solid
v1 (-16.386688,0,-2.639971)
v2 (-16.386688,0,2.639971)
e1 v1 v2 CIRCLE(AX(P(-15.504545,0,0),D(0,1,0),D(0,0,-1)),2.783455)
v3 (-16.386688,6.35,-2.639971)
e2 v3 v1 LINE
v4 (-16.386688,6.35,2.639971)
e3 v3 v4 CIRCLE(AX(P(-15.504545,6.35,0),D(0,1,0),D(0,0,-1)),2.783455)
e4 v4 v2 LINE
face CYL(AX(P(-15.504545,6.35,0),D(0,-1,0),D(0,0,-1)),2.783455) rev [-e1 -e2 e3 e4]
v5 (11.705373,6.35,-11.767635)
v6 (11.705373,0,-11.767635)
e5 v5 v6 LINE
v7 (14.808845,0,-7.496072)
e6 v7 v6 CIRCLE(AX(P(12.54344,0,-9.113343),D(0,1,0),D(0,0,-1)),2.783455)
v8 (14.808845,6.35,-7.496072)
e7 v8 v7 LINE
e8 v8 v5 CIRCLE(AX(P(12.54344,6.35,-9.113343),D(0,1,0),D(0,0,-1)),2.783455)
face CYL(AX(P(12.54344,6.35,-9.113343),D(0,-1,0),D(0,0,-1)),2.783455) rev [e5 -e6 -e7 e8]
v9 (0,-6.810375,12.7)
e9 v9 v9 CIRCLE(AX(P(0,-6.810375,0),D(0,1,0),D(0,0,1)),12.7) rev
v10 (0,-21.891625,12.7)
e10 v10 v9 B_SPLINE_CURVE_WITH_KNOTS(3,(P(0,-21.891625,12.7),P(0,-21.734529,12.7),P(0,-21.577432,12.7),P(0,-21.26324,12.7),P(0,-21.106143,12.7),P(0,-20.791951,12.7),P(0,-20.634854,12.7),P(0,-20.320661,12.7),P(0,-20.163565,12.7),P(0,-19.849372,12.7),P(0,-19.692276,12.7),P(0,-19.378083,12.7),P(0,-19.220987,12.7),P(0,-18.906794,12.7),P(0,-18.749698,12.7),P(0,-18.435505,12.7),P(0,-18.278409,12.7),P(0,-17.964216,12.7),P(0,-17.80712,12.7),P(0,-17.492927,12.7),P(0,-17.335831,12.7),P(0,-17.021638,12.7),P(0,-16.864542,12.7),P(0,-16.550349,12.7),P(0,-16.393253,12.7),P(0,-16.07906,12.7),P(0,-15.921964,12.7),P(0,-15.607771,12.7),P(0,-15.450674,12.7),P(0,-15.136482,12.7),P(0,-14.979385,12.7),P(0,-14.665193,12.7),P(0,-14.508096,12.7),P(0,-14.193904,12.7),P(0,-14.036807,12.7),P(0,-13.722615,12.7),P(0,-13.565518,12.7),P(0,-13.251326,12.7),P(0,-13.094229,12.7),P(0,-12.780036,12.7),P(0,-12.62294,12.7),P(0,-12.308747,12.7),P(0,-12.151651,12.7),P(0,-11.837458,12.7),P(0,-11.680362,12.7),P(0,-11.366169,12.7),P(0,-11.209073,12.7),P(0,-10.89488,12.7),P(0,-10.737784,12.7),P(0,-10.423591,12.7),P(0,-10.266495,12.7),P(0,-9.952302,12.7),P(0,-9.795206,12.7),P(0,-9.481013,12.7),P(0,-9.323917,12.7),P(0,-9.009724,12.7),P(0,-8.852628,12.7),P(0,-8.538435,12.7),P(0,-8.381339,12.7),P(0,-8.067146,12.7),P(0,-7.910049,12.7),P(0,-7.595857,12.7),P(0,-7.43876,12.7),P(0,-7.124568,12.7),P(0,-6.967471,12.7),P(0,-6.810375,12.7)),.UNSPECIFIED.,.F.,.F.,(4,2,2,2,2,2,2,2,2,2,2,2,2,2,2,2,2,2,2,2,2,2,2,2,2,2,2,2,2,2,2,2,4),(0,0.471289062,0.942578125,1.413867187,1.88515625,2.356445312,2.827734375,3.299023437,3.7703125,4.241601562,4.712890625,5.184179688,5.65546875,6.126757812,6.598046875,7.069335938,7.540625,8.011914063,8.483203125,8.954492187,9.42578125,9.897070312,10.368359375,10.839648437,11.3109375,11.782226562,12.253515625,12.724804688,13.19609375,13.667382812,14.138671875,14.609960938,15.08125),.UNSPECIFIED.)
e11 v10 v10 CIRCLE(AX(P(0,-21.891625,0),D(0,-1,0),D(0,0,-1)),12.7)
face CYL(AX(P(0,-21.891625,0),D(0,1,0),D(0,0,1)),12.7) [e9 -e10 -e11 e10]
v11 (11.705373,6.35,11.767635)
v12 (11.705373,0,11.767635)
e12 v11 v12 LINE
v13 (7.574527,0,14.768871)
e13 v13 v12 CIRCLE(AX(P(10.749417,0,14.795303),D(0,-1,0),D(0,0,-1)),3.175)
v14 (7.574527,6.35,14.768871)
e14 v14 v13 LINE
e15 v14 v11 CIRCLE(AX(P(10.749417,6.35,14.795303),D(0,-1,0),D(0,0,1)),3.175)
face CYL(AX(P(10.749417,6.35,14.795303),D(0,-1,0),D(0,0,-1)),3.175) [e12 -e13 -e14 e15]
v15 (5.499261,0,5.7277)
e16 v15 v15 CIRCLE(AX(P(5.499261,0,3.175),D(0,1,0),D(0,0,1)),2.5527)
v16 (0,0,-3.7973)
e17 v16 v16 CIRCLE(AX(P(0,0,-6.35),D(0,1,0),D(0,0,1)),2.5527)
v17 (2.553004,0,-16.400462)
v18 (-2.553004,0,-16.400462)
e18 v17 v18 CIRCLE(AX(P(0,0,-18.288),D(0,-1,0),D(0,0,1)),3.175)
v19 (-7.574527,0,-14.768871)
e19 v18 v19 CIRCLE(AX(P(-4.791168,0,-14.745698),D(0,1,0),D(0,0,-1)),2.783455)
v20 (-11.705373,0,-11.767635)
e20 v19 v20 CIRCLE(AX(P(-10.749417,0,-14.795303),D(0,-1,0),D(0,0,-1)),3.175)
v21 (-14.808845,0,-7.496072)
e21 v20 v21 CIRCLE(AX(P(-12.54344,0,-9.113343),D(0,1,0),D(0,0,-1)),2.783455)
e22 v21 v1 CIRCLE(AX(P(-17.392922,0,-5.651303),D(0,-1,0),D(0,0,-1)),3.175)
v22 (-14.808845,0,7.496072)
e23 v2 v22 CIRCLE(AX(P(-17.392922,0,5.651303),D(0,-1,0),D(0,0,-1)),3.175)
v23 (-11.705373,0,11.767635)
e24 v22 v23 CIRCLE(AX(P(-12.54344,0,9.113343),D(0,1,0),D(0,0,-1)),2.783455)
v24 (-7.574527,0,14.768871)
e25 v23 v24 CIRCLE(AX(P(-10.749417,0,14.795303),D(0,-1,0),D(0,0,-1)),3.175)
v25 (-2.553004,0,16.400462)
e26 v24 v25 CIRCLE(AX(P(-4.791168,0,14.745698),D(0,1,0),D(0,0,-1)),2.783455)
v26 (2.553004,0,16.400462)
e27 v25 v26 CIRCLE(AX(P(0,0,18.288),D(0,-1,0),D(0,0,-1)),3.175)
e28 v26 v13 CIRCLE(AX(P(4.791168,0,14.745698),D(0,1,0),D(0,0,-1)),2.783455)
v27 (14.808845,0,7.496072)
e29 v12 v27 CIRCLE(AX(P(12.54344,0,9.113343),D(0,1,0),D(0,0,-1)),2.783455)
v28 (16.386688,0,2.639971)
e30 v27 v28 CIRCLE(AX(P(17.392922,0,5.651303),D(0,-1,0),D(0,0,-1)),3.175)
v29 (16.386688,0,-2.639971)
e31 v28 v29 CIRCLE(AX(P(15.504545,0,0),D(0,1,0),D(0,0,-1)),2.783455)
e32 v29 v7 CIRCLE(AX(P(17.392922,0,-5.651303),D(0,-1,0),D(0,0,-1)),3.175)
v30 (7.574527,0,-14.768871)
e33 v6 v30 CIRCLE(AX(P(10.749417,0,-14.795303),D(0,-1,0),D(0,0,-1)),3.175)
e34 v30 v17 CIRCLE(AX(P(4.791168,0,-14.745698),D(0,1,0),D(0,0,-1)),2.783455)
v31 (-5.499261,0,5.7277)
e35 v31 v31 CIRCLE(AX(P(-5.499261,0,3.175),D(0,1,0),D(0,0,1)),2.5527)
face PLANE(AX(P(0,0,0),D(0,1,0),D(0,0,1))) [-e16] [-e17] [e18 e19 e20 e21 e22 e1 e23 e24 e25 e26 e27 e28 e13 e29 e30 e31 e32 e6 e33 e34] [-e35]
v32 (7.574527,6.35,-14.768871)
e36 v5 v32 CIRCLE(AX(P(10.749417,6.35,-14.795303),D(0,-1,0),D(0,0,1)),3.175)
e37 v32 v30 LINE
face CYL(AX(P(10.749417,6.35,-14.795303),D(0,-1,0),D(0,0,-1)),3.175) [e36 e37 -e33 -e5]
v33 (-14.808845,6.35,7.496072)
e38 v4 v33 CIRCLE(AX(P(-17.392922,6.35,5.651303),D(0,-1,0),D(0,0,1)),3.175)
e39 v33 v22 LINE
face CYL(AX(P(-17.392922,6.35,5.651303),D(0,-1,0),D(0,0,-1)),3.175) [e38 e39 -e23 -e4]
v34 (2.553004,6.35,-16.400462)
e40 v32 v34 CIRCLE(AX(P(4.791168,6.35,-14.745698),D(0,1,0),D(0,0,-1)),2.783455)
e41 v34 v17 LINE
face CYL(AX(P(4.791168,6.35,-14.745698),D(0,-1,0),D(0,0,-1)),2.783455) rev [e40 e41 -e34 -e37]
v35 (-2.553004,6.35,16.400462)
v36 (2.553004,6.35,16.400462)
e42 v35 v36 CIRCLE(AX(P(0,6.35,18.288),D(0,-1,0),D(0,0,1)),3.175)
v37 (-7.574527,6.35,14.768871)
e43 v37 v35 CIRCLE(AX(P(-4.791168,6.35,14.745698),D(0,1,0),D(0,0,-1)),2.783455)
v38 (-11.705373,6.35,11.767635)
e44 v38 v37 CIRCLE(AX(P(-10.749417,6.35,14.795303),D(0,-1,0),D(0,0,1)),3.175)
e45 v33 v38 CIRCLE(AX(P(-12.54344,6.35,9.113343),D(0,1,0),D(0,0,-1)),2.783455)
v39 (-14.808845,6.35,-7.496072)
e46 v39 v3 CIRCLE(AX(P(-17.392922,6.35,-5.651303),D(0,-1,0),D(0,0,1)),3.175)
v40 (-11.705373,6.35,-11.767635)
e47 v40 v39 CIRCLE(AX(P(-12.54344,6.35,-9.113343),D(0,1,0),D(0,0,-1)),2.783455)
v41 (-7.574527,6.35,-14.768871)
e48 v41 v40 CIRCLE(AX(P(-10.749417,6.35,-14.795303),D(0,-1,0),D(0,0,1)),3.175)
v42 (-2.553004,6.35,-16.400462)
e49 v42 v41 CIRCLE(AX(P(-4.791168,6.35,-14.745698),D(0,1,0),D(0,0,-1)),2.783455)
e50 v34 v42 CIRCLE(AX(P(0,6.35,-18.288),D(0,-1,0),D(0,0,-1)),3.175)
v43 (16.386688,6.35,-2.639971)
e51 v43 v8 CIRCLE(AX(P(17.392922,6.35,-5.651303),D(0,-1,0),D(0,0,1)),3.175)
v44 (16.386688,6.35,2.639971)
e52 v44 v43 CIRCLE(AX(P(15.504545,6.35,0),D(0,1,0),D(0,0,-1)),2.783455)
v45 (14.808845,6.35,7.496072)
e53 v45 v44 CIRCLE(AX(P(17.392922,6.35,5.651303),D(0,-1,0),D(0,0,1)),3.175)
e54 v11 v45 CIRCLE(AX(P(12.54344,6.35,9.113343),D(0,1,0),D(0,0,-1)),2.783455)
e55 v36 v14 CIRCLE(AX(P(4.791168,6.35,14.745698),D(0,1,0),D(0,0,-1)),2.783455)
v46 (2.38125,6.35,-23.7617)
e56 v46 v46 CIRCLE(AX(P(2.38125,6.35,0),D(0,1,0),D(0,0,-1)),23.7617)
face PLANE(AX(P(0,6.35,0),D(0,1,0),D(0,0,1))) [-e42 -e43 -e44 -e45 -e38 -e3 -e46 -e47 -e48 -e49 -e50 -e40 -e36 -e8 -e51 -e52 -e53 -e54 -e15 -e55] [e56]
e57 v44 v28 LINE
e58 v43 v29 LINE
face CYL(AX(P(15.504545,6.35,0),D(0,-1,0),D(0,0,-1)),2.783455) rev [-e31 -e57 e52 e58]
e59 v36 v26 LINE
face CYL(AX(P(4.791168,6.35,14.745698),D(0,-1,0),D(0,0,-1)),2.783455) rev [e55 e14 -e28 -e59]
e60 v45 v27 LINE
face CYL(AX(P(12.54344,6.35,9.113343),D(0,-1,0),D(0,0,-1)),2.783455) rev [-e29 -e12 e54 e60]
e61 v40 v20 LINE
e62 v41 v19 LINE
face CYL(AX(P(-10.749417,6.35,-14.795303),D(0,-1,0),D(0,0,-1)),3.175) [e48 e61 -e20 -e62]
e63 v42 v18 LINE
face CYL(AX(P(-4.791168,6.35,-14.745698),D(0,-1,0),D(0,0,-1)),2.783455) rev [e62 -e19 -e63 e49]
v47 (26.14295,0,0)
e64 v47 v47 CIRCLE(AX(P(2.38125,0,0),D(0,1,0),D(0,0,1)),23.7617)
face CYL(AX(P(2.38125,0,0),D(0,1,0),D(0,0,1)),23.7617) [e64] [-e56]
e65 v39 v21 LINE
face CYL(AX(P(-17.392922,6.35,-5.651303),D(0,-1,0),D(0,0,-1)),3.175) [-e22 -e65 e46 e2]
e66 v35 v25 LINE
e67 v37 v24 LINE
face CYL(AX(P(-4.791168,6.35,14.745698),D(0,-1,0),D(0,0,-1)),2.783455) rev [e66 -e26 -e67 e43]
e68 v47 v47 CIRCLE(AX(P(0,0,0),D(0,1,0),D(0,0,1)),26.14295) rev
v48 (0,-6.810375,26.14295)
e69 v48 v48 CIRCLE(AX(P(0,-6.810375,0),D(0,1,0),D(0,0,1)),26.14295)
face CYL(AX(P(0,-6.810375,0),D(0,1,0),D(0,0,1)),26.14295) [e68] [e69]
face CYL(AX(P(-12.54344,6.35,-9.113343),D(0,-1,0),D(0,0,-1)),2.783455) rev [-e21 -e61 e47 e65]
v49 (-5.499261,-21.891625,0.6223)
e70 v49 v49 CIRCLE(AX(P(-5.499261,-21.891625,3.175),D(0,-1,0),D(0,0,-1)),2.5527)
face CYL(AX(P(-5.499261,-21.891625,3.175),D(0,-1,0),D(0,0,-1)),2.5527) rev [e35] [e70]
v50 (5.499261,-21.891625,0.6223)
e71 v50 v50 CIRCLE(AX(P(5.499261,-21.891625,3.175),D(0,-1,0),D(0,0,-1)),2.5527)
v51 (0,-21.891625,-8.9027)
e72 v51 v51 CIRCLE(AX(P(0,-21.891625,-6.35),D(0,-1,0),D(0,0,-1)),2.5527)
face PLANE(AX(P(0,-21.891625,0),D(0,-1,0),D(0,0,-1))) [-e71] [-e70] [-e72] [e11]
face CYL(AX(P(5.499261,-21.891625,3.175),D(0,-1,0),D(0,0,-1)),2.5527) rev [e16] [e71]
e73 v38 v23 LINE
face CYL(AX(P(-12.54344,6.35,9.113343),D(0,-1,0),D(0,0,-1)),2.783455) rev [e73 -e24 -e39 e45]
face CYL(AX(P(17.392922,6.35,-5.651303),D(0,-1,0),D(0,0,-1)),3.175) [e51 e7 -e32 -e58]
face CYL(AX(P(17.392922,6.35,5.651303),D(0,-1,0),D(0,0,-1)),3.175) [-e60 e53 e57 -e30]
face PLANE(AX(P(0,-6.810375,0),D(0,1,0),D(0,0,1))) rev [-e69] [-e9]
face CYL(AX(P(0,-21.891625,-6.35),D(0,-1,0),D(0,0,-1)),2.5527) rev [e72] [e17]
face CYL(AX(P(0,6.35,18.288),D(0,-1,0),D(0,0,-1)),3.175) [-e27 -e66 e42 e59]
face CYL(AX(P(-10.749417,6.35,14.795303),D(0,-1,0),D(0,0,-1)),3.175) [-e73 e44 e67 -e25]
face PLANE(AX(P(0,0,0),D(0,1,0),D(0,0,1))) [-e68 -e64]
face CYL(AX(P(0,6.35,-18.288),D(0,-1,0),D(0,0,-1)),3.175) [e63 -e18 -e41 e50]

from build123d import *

# Parameters (mm, degrees)
SKETCH1_R               = 26.14295
BOSS_EXTRUDE1_DEPTH     = 6.810375
SKETCH2_R               = 12.7
BOSS_EXTRUDE2_DEPTH     = 15.08125
BOSS_EXTRUDE3_START     = 6.35
SKETCH3_R               = 26.14295
BOSS_EXTRUDE3_DEPTH     = 6.35
F_1_4_20_TAPPED_HOLE1_D = 5.1054
SKETCH6_W               = 66.50359939
SKETCH6_H               = 67.616646228
CUT_EXTRUDE2_DEPTH      = 6.35


with BuildPart() as part:
    # Sketch1 → Boss-Extrude1 (new body)
    with BuildSketch(Plane(origin=(0, 0, 0), x_dir=(1, 0, 0), z_dir=(0, 1, 0))):
        with Locations(Location((0, 0, 0), (0, 0, 270))):
            Circle(SKETCH1_R)
    extrude(amount=-BOSS_EXTRUDE1_DEPTH)

    # Sketch2 → Boss-Extrude2 (add)
    with BuildSketch(Plane.XZ.offset(6.810375)):
        with Locations(Location((0, 0, 0), (0, 0, 90))):
            Circle(SKETCH2_R)
    extrude(amount=BOSS_EXTRUDE2_DEPTH)

    # Sketch3 → Boss-Extrude3 (add)
    with BuildSketch(Plane(origin=(0, 0, 0), x_dir=(1, 0, 0), z_dir=(0, 1, 0)).offset(BOSS_EXTRUDE3_START)):
        with Locations(Location((0, 0, 0), (0, 0, 270))):
            Circle(SKETCH3_R)
        with BuildLine():
            ThreePointArc((2.553003524, 16.40046245), (5.651302793, 17.39292157), (7.574526721, 14.768870658))
            ThreePointArc((7.574526721, 14.768870658), (7.926495509, 13.34211974), (8.883198518, 12.226673836))
            ThreePointArc((8.883198518, 12.226673836), (10.239688102, 11.661486946), (11.705373197, 11.767635017))
            ThreePointArc((11.705373197, 11.767635017), (14.795302793, 10.749416694), (14.808845207, 7.496072251))
            ThreePointArc((14.808845207, 7.496072251), (14.25497079, 6.134924448), (14.373317131, 4.670173836))
            ThreePointArc((14.373317131, 4.670173836), (15.138531738, 3.415603465), (16.386688159, 2.639970974))
            ThreePointArc((16.386688159, 2.639970974), (18.288, 0), (16.386688159, -2.639970974))
            ThreePointArc((16.386688159, -2.639970974), (15.138531738, -3.415603465), (14.373317131, -4.670173836))
            ThreePointArc((14.373317131, -4.670173836), (14.25497079, -6.134924448), (14.808845207, -7.496072251))
            ThreePointArc((14.808845207, -7.496072251), (14.795302793, -10.749416694), (11.705373197, -11.767635017))
            ThreePointArc((11.705373197, -11.767635017), (10.239688102, -11.661486946), (8.883198518, -12.226673836))
            ThreePointArc((8.883198518, -12.226673836), (7.926495509, -13.34211974), (7.574526721, -14.768870658))
            ThreePointArc((7.574526721, -14.768870658), (5.651302793, -17.39292157), (2.553003524, -16.40046245))
            ThreePointArc((2.553003524, -16.40046245), (1.429631644, -15.453078773), (0, -15.113))
            ThreePointArc((0, -15.113), (-1.429631644, -15.453078773), (-2.553003524, -16.40046245))
            ThreePointArc((-2.553003524, -16.40046245), (-5.651302793, -17.39292157), (-7.574526721, -14.768870658))
            ThreePointArc((-7.574526721, -14.768870658), (-7.926495509, -13.34211974), (-8.883198518, -12.226673836))
            ThreePointArc((-8.883198518, -12.226673836), (-10.239688102, -11.661486946), (-11.705373197, -11.767635017))
            ThreePointArc((-11.705373197, -11.767635017), (-14.795302793, -10.749416694), (-14.808845207, -7.496072251))
            ThreePointArc((-14.808845207, -7.496072251), (-14.25497079, -6.134924448), (-14.373317131, -4.670173836))
            ThreePointArc((-14.373317131, -4.670173836), (-15.138531738, -3.415603465), (-16.386688159, -2.639970974))
            ThreePointArc((-16.386688159, -2.639970974), (-18.288, 0), (-16.386688159, 2.639970974))
            ThreePointArc((-16.386688159, 2.639970974), (-15.138531738, 3.415603465), (-14.373317131, 4.670173836))
            ThreePointArc((-14.373317131, 4.670173836), (-14.25497079, 6.134924448), (-14.808845207, 7.496072251))
            ThreePointArc((-14.808845207, 7.496072251), (-14.795302793, 10.749416694), (-11.705373197, 11.767635017))
            ThreePointArc((-11.705373197, 11.767635017), (-10.239688102, 11.661486946), (-8.883198518, 12.226673836))
            ThreePointArc((-8.883198518, 12.226673836), (-7.926495509, 13.34211974), (-7.574526721, 14.768870658))
            ThreePointArc((-7.574526721, 14.768870658), (-5.651302793, 17.39292157), (-2.553003524, 16.40046245))
            ThreePointArc((-2.553003524, 16.40046245), (-1.429631644, 15.453078773), (0, 15.113))
            ThreePointArc((0, 15.113), (1.429631644, 15.453078773), (2.553003524, 16.40046245))
        make_face(mode=Mode.SUBTRACT)
    extrude(amount=-BOSS_EXTRUDE3_DEPTH)

    # 1/4-20 Tapped Hole1 (through all)
    with Locations(Plane(origin=(0, -21.891625, 0), x_dir=(-1, 0, 0), z_dir=(0, -1, 0))):
        with Locations((0, 6.35), (5.499261314, -3.175), (-5.499261314, -3.175)):
            Hole(F_1_4_20_TAPPED_HOLE1_D / 2)

    # Sketch6 → Cut-Extrude2 (cut)
    with BuildSketch(Plane(origin=(0, 6.35, 0), x_dir=(1, 0, 0), z_dir=(0, 1, 0))):
        Rectangle(SKETCH6_W, SKETCH6_H)
        with BuildLine():
            ThreePointArc((26.14295, 0), (2.38125, -23.7617), (-21.38045, 0))
            ThreePointArc((-21.38045, 0), (2.38125, 23.7617), (26.14295, 0))
        make_face(mode=Mode.SUBTRACT)
    extrude(amount=-CUT_EXTRUDE2_DEPTH, mode=Mode.SUBTRACT)


solid = part.part
